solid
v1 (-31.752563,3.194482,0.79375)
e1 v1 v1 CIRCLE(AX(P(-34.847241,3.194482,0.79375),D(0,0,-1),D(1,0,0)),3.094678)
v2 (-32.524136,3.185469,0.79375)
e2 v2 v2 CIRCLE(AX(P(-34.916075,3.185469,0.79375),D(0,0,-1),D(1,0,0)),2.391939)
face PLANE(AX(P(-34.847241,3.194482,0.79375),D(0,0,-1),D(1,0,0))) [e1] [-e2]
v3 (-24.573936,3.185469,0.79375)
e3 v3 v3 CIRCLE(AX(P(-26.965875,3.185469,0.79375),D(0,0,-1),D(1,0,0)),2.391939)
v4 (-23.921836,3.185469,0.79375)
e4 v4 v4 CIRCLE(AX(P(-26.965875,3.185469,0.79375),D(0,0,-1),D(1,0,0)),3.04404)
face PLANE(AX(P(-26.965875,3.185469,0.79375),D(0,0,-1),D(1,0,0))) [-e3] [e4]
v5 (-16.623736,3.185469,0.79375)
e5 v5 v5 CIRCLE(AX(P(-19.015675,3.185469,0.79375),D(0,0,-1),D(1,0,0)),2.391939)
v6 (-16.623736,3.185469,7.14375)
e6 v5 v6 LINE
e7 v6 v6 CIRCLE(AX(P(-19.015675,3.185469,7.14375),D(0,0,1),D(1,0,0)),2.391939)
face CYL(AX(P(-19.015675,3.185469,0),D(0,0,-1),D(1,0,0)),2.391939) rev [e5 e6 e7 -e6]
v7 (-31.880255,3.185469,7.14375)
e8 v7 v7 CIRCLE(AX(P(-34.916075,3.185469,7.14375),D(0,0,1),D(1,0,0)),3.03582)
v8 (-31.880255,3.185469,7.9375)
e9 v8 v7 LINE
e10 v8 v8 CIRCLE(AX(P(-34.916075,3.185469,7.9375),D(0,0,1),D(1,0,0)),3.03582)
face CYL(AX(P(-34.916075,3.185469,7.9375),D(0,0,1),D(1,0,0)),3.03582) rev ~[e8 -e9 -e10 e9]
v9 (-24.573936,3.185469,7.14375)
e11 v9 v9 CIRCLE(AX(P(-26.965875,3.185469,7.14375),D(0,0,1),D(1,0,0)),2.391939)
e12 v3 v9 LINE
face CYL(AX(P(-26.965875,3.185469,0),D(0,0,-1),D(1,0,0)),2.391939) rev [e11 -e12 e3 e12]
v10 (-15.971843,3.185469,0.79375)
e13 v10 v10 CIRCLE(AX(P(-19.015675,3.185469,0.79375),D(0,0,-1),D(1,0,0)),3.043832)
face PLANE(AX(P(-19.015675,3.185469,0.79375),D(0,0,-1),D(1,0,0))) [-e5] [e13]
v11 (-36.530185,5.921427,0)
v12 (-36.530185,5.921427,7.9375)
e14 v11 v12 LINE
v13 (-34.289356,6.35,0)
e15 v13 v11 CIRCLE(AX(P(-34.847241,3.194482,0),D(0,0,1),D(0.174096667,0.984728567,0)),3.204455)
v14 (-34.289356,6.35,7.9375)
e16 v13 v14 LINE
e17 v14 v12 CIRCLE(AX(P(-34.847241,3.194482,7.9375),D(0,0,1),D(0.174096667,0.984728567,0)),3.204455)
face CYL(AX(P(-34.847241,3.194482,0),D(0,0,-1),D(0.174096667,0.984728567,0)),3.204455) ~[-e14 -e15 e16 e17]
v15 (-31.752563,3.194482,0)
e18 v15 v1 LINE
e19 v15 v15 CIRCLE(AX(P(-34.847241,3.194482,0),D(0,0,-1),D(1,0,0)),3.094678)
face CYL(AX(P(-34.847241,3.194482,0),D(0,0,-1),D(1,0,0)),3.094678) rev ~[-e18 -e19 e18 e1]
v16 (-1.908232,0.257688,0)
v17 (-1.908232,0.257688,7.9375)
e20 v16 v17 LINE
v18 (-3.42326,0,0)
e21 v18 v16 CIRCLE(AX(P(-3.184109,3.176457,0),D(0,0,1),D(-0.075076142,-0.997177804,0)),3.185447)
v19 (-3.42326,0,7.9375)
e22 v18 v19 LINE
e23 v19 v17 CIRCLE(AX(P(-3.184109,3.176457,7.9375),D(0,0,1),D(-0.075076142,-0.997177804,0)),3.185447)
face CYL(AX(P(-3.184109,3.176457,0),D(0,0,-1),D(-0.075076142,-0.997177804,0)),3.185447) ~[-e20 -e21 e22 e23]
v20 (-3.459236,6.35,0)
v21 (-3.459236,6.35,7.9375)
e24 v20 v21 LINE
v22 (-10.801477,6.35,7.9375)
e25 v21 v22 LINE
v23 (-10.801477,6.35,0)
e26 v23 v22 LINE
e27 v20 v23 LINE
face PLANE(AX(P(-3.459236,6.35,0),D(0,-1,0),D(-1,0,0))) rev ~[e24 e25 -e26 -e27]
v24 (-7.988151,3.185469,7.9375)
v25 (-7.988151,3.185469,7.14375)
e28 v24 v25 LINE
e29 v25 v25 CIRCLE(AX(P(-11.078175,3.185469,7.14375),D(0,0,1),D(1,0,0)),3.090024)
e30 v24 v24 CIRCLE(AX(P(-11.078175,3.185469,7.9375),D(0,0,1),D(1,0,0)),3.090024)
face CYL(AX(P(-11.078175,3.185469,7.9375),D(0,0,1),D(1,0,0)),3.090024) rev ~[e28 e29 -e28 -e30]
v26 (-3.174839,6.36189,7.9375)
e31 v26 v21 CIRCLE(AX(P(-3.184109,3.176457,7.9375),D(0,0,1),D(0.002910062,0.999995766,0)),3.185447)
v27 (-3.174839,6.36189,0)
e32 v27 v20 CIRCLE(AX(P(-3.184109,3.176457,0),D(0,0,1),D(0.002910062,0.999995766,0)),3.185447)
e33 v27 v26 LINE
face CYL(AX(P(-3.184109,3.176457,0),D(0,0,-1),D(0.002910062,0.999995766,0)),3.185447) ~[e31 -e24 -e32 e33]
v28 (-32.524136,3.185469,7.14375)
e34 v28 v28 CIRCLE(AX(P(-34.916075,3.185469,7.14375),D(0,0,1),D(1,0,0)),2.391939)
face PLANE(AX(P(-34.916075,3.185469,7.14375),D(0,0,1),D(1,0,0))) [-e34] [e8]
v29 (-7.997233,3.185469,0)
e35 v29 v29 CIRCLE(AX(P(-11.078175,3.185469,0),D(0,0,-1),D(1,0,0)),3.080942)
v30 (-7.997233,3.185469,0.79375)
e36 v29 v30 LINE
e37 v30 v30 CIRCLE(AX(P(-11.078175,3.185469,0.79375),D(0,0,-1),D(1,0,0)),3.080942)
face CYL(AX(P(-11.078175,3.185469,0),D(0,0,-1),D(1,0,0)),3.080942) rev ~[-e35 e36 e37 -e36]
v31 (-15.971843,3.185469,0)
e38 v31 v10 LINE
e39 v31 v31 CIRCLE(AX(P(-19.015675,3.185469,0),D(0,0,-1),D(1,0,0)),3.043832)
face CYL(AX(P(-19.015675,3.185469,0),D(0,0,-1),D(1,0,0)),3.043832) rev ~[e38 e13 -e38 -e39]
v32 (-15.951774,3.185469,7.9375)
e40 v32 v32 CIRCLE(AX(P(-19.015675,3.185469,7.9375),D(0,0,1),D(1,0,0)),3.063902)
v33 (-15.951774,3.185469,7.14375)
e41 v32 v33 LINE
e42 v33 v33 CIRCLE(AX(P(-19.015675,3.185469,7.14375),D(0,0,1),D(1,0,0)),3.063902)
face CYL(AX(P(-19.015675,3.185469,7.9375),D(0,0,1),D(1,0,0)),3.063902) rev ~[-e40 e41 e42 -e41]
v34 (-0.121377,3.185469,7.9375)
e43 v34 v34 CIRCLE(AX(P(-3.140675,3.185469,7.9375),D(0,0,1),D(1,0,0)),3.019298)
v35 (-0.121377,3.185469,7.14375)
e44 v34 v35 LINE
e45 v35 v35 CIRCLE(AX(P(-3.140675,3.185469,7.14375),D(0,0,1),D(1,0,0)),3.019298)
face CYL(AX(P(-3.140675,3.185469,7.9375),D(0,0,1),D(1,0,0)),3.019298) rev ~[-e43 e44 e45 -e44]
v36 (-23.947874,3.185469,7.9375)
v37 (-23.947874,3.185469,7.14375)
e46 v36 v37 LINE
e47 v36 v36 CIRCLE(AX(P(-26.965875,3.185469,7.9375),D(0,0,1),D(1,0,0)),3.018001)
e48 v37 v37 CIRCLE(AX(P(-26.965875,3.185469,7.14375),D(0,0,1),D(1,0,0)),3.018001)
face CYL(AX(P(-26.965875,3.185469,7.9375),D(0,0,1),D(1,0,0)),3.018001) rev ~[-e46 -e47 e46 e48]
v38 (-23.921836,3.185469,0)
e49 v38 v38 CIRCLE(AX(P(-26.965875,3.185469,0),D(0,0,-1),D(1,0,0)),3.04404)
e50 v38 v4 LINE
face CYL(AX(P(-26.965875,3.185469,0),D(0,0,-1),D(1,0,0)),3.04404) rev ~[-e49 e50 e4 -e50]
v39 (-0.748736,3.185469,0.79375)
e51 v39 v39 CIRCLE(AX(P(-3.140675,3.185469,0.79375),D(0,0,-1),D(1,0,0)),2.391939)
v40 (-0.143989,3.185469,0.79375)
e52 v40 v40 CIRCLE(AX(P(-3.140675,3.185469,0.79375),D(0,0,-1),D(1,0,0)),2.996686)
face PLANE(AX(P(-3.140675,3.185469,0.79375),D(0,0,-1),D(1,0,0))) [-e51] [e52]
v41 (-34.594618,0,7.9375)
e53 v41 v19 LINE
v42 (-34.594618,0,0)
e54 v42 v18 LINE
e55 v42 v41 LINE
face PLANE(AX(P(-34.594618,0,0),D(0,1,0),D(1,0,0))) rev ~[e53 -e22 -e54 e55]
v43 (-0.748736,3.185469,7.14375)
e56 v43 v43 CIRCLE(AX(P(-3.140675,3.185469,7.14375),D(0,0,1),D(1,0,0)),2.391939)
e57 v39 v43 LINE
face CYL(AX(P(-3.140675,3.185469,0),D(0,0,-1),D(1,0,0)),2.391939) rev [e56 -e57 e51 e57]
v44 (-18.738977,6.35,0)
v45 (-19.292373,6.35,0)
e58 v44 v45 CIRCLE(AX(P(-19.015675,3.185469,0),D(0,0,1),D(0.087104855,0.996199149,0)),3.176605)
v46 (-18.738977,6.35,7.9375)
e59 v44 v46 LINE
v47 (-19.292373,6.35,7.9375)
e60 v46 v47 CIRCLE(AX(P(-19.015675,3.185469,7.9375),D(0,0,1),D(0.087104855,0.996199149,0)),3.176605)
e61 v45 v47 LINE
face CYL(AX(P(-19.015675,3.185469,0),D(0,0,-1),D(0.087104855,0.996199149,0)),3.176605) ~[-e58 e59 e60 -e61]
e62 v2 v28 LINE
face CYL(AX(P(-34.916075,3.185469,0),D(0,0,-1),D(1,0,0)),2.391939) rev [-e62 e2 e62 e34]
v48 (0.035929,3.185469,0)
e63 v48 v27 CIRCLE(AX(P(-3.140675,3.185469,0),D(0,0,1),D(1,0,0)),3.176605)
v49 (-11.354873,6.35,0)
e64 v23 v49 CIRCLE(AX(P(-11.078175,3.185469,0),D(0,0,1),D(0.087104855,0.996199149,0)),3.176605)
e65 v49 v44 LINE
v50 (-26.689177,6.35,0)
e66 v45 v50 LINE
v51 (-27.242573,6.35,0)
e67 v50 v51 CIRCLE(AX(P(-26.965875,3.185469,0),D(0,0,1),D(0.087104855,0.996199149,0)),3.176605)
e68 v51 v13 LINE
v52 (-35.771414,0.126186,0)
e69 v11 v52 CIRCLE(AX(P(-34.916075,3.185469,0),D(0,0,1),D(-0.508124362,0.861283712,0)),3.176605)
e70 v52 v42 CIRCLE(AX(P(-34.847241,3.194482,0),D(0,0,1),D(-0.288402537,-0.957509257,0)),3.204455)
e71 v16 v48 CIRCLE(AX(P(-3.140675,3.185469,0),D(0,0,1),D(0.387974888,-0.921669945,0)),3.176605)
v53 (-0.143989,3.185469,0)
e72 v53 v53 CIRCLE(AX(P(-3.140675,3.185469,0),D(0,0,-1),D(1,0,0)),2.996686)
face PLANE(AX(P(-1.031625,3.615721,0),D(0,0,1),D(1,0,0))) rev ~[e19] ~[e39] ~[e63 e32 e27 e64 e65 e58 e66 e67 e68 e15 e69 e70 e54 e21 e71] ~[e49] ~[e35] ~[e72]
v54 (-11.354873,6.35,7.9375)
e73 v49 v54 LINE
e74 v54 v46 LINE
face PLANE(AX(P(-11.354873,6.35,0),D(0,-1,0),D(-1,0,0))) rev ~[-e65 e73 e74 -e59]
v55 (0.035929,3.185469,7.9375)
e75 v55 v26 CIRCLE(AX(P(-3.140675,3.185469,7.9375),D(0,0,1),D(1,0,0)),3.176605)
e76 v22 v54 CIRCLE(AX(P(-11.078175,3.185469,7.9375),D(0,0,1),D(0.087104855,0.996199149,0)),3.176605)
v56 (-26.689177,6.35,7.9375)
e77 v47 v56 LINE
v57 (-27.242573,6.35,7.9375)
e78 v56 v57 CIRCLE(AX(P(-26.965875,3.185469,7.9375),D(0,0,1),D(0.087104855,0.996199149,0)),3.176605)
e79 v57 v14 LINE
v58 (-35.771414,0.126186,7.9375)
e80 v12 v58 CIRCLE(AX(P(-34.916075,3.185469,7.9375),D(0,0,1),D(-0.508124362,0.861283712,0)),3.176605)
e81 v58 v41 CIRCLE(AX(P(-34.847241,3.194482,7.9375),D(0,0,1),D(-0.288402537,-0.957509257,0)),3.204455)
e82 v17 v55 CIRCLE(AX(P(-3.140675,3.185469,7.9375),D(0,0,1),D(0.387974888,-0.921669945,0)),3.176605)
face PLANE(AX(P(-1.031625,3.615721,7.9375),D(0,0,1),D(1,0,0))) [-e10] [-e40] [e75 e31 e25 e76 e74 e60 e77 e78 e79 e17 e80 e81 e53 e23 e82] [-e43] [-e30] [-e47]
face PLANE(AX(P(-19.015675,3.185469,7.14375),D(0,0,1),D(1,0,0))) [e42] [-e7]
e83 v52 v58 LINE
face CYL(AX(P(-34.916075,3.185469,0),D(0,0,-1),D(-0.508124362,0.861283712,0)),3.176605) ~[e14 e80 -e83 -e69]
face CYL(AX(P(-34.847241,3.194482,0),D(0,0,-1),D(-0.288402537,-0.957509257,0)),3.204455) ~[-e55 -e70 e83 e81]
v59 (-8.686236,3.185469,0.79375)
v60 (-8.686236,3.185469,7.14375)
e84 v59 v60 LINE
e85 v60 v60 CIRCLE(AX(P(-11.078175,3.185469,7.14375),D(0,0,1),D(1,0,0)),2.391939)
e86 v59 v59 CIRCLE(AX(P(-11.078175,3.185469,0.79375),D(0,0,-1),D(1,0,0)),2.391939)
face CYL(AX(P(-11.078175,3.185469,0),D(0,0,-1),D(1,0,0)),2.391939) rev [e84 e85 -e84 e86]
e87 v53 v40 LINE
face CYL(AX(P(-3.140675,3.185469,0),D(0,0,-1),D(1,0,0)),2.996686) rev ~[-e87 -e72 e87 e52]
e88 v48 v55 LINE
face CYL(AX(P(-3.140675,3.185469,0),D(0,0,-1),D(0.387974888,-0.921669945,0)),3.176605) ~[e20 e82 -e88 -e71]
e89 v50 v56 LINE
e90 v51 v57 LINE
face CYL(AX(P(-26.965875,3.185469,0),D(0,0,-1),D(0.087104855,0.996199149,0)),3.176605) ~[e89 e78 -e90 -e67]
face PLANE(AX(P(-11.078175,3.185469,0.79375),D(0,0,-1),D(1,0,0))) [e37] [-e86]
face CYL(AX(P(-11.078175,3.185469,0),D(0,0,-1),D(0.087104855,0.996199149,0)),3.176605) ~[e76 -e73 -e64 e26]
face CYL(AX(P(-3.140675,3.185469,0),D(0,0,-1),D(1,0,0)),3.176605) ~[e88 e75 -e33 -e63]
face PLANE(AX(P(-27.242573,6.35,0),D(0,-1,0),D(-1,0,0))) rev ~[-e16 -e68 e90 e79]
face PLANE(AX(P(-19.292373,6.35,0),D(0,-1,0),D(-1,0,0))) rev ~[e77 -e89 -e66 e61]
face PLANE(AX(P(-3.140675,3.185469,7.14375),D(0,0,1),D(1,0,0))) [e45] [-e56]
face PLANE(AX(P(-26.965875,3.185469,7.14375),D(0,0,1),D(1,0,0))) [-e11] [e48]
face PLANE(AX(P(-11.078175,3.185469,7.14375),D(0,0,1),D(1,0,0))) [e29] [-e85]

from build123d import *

# Parameters (mm, degrees)
F0_R     = 2.3919393617
F1_DEPTH = 7.9375
F2_R     = 3.0192979406
F2_R_2   = 2.3919393617
F2_R_3   = 3.0900236713
F2_R_4   = 3.0639016039
F2_R_5   = 3.0180013539
F2_R_6   = 3.0358198122
F3_DEPTH = 0.79375
F4_R     = 3.0946781872
F4_R_2   = 2.3919393617
F4_R_3   = 3.0440395285
F4_R_4   = 3.0438317033
F4_R_5   = 3.080942185
F4_R_6   = 2.996685824
F5_DEPTH = 0.79375


with BuildPart() as f1:
    # F0 (on Top) → F1 (new body)
    with BuildSketch(Plane.XY):
        with BuildLine():
            ThreePointArc((-3.1748391564, 6.3618900805), (-0.0650994939, 3.8236435926), (-1.9082323266, 0.2576882701))
            ThreePointArc((-1.9082323266, 0.2576882701), (-0.4943758214, 1.4282223533), (0.0359294434, 3.1854692293))
            ThreePointArc((0.0359294434, 3.1854692293), (-0.9065879549, 5.443714368), (-3.1748391564, 6.3618900805))
        make_face()
        with BuildLine():
            ThreePointArc((-36.5301852994, 5.9214270067), (-38.0657970886, 2.7730759979), (-35.7714141925, 0.1261863575))
            ThreePointArc((-35.7714141925, 0.1261863575), (-38.0245779178, 2.7784728257), (-36.5301852994, 5.9214270067))
        make_face()
        with BuildLine():
            ThreePointArc((-26.6891774485, 6.35), (-26.9658751282, 6.362073801), (-27.2425728079, 6.35))
            Line((-27.2425728079, 6.35), (-26.6891774485, 6.35))
        make_face()
        with BuildLine():
            Line((-19.2923728079, 6.35), (-18.7389774485, 6.35))
            ThreePointArc((-18.7389774485, 6.35), (-19.0156751282, 6.362073801), (-19.2923728079, 6.35))
        make_face()
        with BuildLine():
            Line((-11.3548728079, 6.35), (-10.8014774485, 6.35))
            ThreePointArc((-10.8014774485, 6.35), (-11.0781751282, 6.362073801), (-11.3548728079, 6.35))
        make_face()
        with BuildLine():
            Line((-34.594617784, 0), (-3.4232600592, 0))
            ThreePointArc((-3.4232600592, 0), (-2.6499734267, 0.0361112438), (-1.9082323266, 0.2576882701))
            ThreePointArc((-1.9082323266, 0.2576882701), (-6.2510268672, 2.54007891), (-3.1748391564, 6.3618900805))
            ThreePointArc((-3.1748391564, 6.3618900805), (-3.3171702803, 6.3591232625), (-3.4592356533, 6.35))
            Line((-3.4592356533, 6.35), (-10.8014774485, 6.35))
            ThreePointArc((-10.8014774485, 6.35), (-8.7361913838, 5.331611989), (-7.9015705566, 3.1854692293))
            ThreePointArc((-7.9015705566, 3.1854692293), (-13.224317888, 0.8434854848), (-11.3548728079, 6.35))
            Line((-11.3548728079, 6.35), (-18.7389774485, 6.35))
            ThreePointArc((-18.7389774485, 6.35), (-16.6736913838, 5.331611989), (-15.8390705566, 3.1854692293))
            ThreePointArc((-15.8390705566, 3.1854692293), (-21.161817888, 0.8434854848), (-19.2923728079, 6.35))
            Line((-19.2923728079, 6.35), (-26.6891774485, 6.35))
            ThreePointArc((-26.6891774485, 6.35), (-24.6238913838, 5.331611989), (-23.7892705566, 3.1854692293))
            ThreePointArc((-23.7892705566, 3.1854692293), (-29.112017888, 0.8434854848), (-27.2425728079, 6.35))
            Line((-27.2425728079, 6.35), (-34.2893563211, 6.35))
            ThreePointArc((-34.2893563211, 6.35), (-35.4492032163, 6.3418890662), (-36.5301852994, 5.9214270067))
            ThreePointArc((-36.5301852994, 5.9214270067), (-33.3407296335, 5.9439295203), (-31.7394705566, 3.1854692293))
            ThreePointArc((-31.7394705566, 3.1854692293), (-32.9959523948, 0.6548674643), (-35.7714141925, 0.1261863575))
            ThreePointArc((-35.7714141925, 0.1261863575), (-35.1888922767, 0.0082917303), (-34.594617784, 0))
        make_face()
        with BuildLine():
            ThreePointArc((-36.5301852994, 5.9214270067), (-38.0245779178, 2.7784728257), (-35.7714141925, 0.1261863575))
            ThreePointArc((-35.7714141925, 0.1261863575), (-32.9959523948, 0.6548674643), (-31.7394705566, 3.1854692293))
            ThreePointArc((-31.7394705566, 3.1854692293), (-33.3407296335, 5.9439295203), (-36.5301852994, 5.9214270067))
        make_face()
        with Locations((-34.9160751282, 3.1854692293)):
            Circle(F0_R, mode=Mode.SUBTRACT)
        with BuildLine():
            Line((-26.6891774485, 6.35), (-27.2425728079, 6.35))
            ThreePointArc((-27.2425728079, 6.35), (-29.112017888, 0.8434854848), (-23.7892705566, 3.1854692293))
            ThreePointArc((-23.7892705566, 3.1854692293), (-24.6238913838, 5.331611989), (-26.6891774485, 6.35))
        make_face()
        with Locations((-26.9658751282, 3.1854692293)):
            Circle(F0_R, mode=Mode.SUBTRACT)
        with BuildLine():
            ThreePointArc((-15.8390705566, 3.1854692293), (-16.6736913838, 5.331611989), (-18.7389774485, 6.35))
            Line((-18.7389774485, 6.35), (-19.2923728079, 6.35))
            ThreePointArc((-19.2923728079, 6.35), (-21.161817888, 0.8434854848), (-15.8390705566, 3.1854692293))
        make_face()
        with Locations((-19.0156751282, 3.1854692293)):
            Circle(F0_R, mode=Mode.SUBTRACT)
        with BuildLine():
            ThreePointArc((-7.9015705566, 3.1854692293), (-8.7361913838, 5.331611989), (-10.8014774485, 6.35))
            Line((-10.8014774485, 6.35), (-11.3548728079, 6.35))
            ThreePointArc((-11.3548728079, 6.35), (-13.224317888, 0.8434854848), (-7.9015705566, 3.1854692293))
        make_face()
        with Locations((-11.0781751282, 3.1854692293)):
            Circle(F0_R, mode=Mode.SUBTRACT)
        with BuildLine():
            ThreePointArc((-3.1748391564, 6.3618900805), (-6.2510268672, 2.54007891), (-1.9082323266, 0.2576882701))
            ThreePointArc((-1.9082323266, 0.2576882701), (-0.0650994939, 3.8236435926), (-3.1748391564, 6.3618900805))
        make_face()
        with Locations((-3.1406751282, 3.1854692293)):
            Circle(F0_R, mode=Mode.SUBTRACT)
    extrude(amount=F1_DEPTH)

    # F2 (on face) → F3 (cut)
    with BuildSketch(Plane.XY.offset(7.9375)):
        with Locations((-3.1406751282, 3.1854692293)):
            Circle(F2_R)
        with Locations((-3.1406751282, 3.1854692293)):
            Circle(F2_R_2, mode=Mode.SUBTRACT)
        with Locations((-11.0781751282, 3.1854692293)):
            Circle(F2_R_3)
        with Locations((-11.0781751282, 3.1854692293)):
            Circle(F2_R_2, mode=Mode.SUBTRACT)
        with Locations((-19.0156751282, 3.1854692293)):
            Circle(F2_R_4)
        with Locations((-19.0156751282, 3.1854692293)):
            Circle(F2_R_2, mode=Mode.SUBTRACT)
        with Locations((-26.9658751282, 3.1854692293)):
            Circle(F2_R_5)
        with Locations((-26.9658751282, 3.1854692293)):
            Circle(F2_R_2, mode=Mode.SUBTRACT)
        with Locations((-34.9160751282, 3.1854692293)):
            Circle(F2_R_6)
        with Locations((-34.9160751282, 3.1854692293)):
            Circle(F2_R_2, mode=Mode.SUBTRACT)
    extrude(amount=-F3_DEPTH, mode=Mode.SUBTRACT)

    # F4 (on face) → F5 (cut)
    with BuildSketch(Plane(origin=(0, 0, 0), x_dir=(1, 0, 0), z_dir=(0, 0, -1))):
        with Locations((-34.8472412506, -3.1944816519)):
            Circle(F4_R)
        with Locations((-34.9160751282, -3.1854692293)):
            Circle(F4_R_2, mode=Mode.SUBTRACT)
        with Locations((-26.9658751282, -3.1854692293)):
            Circle(F4_R_3)
        with Locations((-26.9658751282, -3.1854692293)):
            Circle(F4_R_2, mode=Mode.SUBTRACT)
        with Locations((-19.0156751282, -3.1854692293)):
            Circle(F4_R_4)
        with Locations((-19.0156751282, -3.1854692293)):
            Circle(F4_R_2, mode=Mode.SUBTRACT)
        with Locations((-11.0781751282, -3.1854692293)):
            Circle(F4_R_5)
        with Locations((-11.0781751282, -3.1854692293)):
            Circle(F4_R_2, mode=Mode.SUBTRACT)
        with Locations((-3.1406751282, -3.1854692293)):
            Circle(F4_R_6)
        with Locations((-3.1406751282, -3.1854692293)):
            Circle(F4_R_2, mode=Mode.SUBTRACT)
    extrude(amount=-F5_DEPTH, mode=Mode.SUBTRACT)


solid = f1.part
